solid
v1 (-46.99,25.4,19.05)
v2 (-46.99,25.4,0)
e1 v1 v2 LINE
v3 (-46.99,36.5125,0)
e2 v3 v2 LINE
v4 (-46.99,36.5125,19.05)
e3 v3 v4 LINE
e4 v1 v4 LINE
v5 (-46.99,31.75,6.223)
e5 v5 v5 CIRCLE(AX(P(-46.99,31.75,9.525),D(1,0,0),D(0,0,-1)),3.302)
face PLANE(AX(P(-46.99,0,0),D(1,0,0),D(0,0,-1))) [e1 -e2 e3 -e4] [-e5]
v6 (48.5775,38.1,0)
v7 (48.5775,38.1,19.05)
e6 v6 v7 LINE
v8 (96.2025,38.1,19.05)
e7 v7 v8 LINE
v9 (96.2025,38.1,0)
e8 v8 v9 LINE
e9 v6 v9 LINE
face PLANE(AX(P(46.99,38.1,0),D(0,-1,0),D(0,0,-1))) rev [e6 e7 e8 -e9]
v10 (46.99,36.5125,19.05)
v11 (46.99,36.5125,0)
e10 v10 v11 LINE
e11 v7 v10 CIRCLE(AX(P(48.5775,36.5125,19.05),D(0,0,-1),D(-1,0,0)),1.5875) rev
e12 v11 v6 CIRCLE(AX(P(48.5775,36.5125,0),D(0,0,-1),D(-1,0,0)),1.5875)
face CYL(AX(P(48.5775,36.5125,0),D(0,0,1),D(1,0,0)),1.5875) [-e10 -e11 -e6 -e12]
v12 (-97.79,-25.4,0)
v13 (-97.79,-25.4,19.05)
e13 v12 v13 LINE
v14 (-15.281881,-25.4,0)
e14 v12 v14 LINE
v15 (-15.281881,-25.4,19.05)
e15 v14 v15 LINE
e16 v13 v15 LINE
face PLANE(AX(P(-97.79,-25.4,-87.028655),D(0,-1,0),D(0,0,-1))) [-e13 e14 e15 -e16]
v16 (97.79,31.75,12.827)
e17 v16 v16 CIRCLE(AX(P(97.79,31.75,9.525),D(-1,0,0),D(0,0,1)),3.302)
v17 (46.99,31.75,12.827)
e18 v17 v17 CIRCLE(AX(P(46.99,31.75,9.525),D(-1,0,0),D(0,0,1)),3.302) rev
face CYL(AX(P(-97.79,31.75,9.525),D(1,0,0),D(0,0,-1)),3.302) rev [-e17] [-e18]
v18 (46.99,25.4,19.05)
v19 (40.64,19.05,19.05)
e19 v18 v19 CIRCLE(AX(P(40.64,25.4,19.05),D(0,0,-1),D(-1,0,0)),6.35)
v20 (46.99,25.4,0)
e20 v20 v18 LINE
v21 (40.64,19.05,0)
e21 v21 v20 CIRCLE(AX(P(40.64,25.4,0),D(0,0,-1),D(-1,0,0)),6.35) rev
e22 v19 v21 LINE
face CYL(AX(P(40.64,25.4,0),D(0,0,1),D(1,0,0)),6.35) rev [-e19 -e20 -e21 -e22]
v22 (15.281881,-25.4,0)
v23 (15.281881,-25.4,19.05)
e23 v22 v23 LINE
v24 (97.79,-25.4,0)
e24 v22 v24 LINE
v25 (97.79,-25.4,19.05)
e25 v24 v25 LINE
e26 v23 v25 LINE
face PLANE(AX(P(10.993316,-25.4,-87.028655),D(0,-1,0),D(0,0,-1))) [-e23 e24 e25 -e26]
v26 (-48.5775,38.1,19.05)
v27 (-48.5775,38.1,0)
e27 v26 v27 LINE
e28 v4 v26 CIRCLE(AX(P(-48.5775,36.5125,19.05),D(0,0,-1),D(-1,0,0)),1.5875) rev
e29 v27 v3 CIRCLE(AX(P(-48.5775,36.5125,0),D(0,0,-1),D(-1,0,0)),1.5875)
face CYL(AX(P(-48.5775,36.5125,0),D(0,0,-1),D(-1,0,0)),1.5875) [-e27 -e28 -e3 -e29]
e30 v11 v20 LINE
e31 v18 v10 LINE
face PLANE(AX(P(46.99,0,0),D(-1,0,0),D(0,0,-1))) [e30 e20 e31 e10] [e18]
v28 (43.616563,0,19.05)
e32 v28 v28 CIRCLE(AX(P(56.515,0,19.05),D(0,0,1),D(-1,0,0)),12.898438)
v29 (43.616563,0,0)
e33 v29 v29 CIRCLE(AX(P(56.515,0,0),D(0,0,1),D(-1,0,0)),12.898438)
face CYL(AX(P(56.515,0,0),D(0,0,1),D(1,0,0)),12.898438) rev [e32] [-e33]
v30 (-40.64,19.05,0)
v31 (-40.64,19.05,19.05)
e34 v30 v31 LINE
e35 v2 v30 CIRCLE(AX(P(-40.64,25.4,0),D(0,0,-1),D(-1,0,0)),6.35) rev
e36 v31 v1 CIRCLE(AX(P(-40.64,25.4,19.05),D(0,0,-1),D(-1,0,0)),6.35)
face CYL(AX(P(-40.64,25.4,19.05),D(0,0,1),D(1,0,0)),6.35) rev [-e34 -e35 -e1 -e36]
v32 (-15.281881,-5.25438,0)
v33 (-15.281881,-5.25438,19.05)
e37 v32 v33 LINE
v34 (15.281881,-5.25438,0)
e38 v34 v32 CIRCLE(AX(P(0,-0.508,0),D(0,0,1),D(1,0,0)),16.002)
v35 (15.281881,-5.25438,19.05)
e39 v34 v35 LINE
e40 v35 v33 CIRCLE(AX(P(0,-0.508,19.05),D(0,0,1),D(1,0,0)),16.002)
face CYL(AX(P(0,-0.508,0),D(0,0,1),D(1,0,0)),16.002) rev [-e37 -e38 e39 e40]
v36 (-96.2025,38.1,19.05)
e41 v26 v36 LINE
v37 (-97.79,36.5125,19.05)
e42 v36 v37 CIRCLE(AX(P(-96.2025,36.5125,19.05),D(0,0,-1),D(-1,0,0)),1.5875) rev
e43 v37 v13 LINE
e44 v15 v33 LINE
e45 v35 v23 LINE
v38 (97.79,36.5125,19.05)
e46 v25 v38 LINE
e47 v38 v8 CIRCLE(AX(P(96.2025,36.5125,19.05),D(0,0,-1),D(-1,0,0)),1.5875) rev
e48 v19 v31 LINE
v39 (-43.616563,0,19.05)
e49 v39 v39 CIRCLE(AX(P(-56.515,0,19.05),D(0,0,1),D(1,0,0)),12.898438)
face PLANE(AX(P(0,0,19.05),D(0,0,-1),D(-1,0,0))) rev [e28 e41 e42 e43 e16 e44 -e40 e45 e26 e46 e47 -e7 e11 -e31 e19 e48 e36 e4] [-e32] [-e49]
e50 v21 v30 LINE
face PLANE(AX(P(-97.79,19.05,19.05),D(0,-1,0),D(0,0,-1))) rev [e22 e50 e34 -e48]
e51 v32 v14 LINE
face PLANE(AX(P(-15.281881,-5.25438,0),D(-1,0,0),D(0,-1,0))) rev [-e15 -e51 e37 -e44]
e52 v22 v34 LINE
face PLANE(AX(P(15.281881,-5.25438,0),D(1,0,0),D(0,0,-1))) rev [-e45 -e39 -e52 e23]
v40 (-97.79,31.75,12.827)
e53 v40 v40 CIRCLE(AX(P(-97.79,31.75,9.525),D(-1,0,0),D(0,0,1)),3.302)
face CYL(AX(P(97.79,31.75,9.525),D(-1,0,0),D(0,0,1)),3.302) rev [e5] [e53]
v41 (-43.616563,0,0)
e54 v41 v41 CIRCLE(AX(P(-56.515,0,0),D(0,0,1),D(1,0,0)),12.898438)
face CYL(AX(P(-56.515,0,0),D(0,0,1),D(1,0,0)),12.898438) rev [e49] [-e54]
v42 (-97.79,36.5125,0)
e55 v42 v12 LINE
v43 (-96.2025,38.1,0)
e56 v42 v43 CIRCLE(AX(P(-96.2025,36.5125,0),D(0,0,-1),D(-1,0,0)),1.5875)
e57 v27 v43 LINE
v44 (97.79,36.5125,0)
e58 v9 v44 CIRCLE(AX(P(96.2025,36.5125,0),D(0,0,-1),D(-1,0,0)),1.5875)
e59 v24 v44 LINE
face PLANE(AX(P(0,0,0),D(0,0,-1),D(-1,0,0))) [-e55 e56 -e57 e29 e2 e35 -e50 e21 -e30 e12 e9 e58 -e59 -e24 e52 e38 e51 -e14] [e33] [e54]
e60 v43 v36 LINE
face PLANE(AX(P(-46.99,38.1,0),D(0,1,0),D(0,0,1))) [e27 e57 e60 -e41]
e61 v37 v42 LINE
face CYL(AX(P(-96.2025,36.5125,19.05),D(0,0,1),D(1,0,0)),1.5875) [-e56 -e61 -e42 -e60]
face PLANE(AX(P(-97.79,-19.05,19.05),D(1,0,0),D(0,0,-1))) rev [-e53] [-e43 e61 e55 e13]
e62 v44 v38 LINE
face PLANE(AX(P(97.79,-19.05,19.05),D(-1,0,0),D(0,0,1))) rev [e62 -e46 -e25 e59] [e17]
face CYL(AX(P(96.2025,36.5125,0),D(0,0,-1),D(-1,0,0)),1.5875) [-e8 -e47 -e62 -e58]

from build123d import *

# Parameters (mm, degrees)
SKETCH1_W               = 195.58
SKETCH1_H               = 38.1
BOSS_EXTRUDE1_DEPTH     = 19.05
SKETCH2_R               = 12.8984375
CUT_EXTRUDE1_DEPTH      = 20.05
CUT_EXTRUDE2_DEPTH      = 20.05
SKETCH4_W               = 19.05
SKETCH4_H               = 19.05
BOSS_EXTRUDE2_DEPTH     = 50.8
SKETCH6_R               = 3.302
CUT_EXTRUDE3_DEPTH      = 196.58
FILLET1_R               = 6.35
FILLET2_R               = 1.5875
SKETCH7_W               = 86.796683621
SKETCH7_H               = 6.35
BOSS_EXTRUDE3_DEPTH     = 19.05
SKETCH8_W               = 30.563761808
SKETCH8_H               = 20.145620364
CUT_EXTRUDE4_DEPTH      = 1
CUT_EXTRUDE4_DEPTH_BACK = 20.05


with BuildPart() as part:
    # Sketch1 → Boss-Extrude1 (new body)
    with BuildSketch(Plane.XY):
        Rectangle(SKETCH1_W, SKETCH1_H)
    extrude(amount=BOSS_EXTRUDE1_DEPTH)

    # Sketch2 → Cut-Extrude1 (cut, through all)
    with BuildSketch(Plane.XY.offset(19.05)):
        with Locations((-56.515, 0)):
            Circle(SKETCH2_R)
        with Locations((56.515, 0)):
            Circle(SKETCH2_R)
    extrude(amount=-CUT_EXTRUDE1_DEPTH, mode=Mode.SUBTRACT)

    # Sketch3 → Cut-Extrude2 (cut, through all)
    with BuildSketch(Plane.XY.offset(19.05)):
        with BuildLine():
            Line((-15.281880904, -5.254379636), (-10.086091047, -21.968397565))
            Line((-10.086091047, -21.968397565), (10.086091047, -21.968397565))
            Line((10.086091047, -21.968397565), (15.281880904, -5.254379636))
            ThreePointArc((15.281880904, -5.254379636), (0, 15.493999988), (-15.281880904, -5.254379636))
        make_face()
    extrude(amount=-CUT_EXTRUDE2_DEPTH, mode=Mode.SUBTRACT)

    # Sketch4 → Boss-Extrude2 (add)
    with BuildSketch(Plane.ZY.offset(97.79)):
        with Locations((9.525, 28.575)):
            Rectangle(SKETCH4_W, SKETCH4_H)
    boss_extrude2 = extrude(amount=-BOSS_EXTRUDE2_DEPTH)

    # Sketch6 → Cut-Extrude3 (cut, through all)
    with BuildSketch(Plane.ZY.offset(97.79)):
        with Locations((9.525, 31.75)):
            Circle(SKETCH6_R)
    cut_extrude3 = extrude(amount=-CUT_EXTRUDE3_DEPTH, mode=Mode.SUBTRACT)

    # Mirror2: Boss-Extrude2, Cut-Extrude3 across plane
    add(boss_extrude2.mirror(Plane(origin=(0, 0, 0), x_dir=(0, 0, 1), z_dir=(1, 0, 0))))
    add(cut_extrude3.mirror(Plane(origin=(0, 0, 0), x_dir=(0, 0, 1), z_dir=(1, 0, 0))), mode=Mode.SUBTRACT)

    # Fillet1
    fillet1_edges = [part.edges().sort_by_distance(p)[0] for p in [
        (-46.99, 19.05, 9.525),
        (46.99, 19.05, 9.525),
    ]]
    fillet(fillet1_edges, radius=FILLET1_R)

    # Fillet2
    fillet2_edges = [part.edges().sort_by_distance(p)[0] for p in [
        (-46.99, 38.1, 9.525),
        (-97.79, 38.1, 9.525),
        (97.79, 38.1, 9.525),
        (46.99, 38.1, 9.525),
    ]]
    fillet(fillet2_edges, radius=FILLET2_R)

    # Sketch7 → Boss-Extrude3 (add)
    with BuildSketch(Plane.XY.offset(19.05)):
        with Locations((-54.39165819, -22.225)):
            Rectangle(SKETCH7_W, SKETCH7_H)
        with Locations((54.39165819, -22.225)):
            Rectangle(SKETCH7_W, SKETCH7_H)
    extrude(amount=-BOSS_EXTRUDE3_DEPTH)

    # Sketch8 → Cut-Extrude4 (cut, two sides)
    with BuildSketch(Plane.XY.offset(19.05)) as cut_extrude4_sk:
        with Locations((0, -15.327189818)):
            Rectangle(SKETCH8_W, SKETCH8_H)
    extrude(amount=CUT_EXTRUDE4_DEPTH, mode=Mode.SUBTRACT)
    extrude(cut_extrude4_sk.sketch, amount=-CUT_EXTRUDE4_DEPTH_BACK, mode=Mode.SUBTRACT)


solid = part.part
